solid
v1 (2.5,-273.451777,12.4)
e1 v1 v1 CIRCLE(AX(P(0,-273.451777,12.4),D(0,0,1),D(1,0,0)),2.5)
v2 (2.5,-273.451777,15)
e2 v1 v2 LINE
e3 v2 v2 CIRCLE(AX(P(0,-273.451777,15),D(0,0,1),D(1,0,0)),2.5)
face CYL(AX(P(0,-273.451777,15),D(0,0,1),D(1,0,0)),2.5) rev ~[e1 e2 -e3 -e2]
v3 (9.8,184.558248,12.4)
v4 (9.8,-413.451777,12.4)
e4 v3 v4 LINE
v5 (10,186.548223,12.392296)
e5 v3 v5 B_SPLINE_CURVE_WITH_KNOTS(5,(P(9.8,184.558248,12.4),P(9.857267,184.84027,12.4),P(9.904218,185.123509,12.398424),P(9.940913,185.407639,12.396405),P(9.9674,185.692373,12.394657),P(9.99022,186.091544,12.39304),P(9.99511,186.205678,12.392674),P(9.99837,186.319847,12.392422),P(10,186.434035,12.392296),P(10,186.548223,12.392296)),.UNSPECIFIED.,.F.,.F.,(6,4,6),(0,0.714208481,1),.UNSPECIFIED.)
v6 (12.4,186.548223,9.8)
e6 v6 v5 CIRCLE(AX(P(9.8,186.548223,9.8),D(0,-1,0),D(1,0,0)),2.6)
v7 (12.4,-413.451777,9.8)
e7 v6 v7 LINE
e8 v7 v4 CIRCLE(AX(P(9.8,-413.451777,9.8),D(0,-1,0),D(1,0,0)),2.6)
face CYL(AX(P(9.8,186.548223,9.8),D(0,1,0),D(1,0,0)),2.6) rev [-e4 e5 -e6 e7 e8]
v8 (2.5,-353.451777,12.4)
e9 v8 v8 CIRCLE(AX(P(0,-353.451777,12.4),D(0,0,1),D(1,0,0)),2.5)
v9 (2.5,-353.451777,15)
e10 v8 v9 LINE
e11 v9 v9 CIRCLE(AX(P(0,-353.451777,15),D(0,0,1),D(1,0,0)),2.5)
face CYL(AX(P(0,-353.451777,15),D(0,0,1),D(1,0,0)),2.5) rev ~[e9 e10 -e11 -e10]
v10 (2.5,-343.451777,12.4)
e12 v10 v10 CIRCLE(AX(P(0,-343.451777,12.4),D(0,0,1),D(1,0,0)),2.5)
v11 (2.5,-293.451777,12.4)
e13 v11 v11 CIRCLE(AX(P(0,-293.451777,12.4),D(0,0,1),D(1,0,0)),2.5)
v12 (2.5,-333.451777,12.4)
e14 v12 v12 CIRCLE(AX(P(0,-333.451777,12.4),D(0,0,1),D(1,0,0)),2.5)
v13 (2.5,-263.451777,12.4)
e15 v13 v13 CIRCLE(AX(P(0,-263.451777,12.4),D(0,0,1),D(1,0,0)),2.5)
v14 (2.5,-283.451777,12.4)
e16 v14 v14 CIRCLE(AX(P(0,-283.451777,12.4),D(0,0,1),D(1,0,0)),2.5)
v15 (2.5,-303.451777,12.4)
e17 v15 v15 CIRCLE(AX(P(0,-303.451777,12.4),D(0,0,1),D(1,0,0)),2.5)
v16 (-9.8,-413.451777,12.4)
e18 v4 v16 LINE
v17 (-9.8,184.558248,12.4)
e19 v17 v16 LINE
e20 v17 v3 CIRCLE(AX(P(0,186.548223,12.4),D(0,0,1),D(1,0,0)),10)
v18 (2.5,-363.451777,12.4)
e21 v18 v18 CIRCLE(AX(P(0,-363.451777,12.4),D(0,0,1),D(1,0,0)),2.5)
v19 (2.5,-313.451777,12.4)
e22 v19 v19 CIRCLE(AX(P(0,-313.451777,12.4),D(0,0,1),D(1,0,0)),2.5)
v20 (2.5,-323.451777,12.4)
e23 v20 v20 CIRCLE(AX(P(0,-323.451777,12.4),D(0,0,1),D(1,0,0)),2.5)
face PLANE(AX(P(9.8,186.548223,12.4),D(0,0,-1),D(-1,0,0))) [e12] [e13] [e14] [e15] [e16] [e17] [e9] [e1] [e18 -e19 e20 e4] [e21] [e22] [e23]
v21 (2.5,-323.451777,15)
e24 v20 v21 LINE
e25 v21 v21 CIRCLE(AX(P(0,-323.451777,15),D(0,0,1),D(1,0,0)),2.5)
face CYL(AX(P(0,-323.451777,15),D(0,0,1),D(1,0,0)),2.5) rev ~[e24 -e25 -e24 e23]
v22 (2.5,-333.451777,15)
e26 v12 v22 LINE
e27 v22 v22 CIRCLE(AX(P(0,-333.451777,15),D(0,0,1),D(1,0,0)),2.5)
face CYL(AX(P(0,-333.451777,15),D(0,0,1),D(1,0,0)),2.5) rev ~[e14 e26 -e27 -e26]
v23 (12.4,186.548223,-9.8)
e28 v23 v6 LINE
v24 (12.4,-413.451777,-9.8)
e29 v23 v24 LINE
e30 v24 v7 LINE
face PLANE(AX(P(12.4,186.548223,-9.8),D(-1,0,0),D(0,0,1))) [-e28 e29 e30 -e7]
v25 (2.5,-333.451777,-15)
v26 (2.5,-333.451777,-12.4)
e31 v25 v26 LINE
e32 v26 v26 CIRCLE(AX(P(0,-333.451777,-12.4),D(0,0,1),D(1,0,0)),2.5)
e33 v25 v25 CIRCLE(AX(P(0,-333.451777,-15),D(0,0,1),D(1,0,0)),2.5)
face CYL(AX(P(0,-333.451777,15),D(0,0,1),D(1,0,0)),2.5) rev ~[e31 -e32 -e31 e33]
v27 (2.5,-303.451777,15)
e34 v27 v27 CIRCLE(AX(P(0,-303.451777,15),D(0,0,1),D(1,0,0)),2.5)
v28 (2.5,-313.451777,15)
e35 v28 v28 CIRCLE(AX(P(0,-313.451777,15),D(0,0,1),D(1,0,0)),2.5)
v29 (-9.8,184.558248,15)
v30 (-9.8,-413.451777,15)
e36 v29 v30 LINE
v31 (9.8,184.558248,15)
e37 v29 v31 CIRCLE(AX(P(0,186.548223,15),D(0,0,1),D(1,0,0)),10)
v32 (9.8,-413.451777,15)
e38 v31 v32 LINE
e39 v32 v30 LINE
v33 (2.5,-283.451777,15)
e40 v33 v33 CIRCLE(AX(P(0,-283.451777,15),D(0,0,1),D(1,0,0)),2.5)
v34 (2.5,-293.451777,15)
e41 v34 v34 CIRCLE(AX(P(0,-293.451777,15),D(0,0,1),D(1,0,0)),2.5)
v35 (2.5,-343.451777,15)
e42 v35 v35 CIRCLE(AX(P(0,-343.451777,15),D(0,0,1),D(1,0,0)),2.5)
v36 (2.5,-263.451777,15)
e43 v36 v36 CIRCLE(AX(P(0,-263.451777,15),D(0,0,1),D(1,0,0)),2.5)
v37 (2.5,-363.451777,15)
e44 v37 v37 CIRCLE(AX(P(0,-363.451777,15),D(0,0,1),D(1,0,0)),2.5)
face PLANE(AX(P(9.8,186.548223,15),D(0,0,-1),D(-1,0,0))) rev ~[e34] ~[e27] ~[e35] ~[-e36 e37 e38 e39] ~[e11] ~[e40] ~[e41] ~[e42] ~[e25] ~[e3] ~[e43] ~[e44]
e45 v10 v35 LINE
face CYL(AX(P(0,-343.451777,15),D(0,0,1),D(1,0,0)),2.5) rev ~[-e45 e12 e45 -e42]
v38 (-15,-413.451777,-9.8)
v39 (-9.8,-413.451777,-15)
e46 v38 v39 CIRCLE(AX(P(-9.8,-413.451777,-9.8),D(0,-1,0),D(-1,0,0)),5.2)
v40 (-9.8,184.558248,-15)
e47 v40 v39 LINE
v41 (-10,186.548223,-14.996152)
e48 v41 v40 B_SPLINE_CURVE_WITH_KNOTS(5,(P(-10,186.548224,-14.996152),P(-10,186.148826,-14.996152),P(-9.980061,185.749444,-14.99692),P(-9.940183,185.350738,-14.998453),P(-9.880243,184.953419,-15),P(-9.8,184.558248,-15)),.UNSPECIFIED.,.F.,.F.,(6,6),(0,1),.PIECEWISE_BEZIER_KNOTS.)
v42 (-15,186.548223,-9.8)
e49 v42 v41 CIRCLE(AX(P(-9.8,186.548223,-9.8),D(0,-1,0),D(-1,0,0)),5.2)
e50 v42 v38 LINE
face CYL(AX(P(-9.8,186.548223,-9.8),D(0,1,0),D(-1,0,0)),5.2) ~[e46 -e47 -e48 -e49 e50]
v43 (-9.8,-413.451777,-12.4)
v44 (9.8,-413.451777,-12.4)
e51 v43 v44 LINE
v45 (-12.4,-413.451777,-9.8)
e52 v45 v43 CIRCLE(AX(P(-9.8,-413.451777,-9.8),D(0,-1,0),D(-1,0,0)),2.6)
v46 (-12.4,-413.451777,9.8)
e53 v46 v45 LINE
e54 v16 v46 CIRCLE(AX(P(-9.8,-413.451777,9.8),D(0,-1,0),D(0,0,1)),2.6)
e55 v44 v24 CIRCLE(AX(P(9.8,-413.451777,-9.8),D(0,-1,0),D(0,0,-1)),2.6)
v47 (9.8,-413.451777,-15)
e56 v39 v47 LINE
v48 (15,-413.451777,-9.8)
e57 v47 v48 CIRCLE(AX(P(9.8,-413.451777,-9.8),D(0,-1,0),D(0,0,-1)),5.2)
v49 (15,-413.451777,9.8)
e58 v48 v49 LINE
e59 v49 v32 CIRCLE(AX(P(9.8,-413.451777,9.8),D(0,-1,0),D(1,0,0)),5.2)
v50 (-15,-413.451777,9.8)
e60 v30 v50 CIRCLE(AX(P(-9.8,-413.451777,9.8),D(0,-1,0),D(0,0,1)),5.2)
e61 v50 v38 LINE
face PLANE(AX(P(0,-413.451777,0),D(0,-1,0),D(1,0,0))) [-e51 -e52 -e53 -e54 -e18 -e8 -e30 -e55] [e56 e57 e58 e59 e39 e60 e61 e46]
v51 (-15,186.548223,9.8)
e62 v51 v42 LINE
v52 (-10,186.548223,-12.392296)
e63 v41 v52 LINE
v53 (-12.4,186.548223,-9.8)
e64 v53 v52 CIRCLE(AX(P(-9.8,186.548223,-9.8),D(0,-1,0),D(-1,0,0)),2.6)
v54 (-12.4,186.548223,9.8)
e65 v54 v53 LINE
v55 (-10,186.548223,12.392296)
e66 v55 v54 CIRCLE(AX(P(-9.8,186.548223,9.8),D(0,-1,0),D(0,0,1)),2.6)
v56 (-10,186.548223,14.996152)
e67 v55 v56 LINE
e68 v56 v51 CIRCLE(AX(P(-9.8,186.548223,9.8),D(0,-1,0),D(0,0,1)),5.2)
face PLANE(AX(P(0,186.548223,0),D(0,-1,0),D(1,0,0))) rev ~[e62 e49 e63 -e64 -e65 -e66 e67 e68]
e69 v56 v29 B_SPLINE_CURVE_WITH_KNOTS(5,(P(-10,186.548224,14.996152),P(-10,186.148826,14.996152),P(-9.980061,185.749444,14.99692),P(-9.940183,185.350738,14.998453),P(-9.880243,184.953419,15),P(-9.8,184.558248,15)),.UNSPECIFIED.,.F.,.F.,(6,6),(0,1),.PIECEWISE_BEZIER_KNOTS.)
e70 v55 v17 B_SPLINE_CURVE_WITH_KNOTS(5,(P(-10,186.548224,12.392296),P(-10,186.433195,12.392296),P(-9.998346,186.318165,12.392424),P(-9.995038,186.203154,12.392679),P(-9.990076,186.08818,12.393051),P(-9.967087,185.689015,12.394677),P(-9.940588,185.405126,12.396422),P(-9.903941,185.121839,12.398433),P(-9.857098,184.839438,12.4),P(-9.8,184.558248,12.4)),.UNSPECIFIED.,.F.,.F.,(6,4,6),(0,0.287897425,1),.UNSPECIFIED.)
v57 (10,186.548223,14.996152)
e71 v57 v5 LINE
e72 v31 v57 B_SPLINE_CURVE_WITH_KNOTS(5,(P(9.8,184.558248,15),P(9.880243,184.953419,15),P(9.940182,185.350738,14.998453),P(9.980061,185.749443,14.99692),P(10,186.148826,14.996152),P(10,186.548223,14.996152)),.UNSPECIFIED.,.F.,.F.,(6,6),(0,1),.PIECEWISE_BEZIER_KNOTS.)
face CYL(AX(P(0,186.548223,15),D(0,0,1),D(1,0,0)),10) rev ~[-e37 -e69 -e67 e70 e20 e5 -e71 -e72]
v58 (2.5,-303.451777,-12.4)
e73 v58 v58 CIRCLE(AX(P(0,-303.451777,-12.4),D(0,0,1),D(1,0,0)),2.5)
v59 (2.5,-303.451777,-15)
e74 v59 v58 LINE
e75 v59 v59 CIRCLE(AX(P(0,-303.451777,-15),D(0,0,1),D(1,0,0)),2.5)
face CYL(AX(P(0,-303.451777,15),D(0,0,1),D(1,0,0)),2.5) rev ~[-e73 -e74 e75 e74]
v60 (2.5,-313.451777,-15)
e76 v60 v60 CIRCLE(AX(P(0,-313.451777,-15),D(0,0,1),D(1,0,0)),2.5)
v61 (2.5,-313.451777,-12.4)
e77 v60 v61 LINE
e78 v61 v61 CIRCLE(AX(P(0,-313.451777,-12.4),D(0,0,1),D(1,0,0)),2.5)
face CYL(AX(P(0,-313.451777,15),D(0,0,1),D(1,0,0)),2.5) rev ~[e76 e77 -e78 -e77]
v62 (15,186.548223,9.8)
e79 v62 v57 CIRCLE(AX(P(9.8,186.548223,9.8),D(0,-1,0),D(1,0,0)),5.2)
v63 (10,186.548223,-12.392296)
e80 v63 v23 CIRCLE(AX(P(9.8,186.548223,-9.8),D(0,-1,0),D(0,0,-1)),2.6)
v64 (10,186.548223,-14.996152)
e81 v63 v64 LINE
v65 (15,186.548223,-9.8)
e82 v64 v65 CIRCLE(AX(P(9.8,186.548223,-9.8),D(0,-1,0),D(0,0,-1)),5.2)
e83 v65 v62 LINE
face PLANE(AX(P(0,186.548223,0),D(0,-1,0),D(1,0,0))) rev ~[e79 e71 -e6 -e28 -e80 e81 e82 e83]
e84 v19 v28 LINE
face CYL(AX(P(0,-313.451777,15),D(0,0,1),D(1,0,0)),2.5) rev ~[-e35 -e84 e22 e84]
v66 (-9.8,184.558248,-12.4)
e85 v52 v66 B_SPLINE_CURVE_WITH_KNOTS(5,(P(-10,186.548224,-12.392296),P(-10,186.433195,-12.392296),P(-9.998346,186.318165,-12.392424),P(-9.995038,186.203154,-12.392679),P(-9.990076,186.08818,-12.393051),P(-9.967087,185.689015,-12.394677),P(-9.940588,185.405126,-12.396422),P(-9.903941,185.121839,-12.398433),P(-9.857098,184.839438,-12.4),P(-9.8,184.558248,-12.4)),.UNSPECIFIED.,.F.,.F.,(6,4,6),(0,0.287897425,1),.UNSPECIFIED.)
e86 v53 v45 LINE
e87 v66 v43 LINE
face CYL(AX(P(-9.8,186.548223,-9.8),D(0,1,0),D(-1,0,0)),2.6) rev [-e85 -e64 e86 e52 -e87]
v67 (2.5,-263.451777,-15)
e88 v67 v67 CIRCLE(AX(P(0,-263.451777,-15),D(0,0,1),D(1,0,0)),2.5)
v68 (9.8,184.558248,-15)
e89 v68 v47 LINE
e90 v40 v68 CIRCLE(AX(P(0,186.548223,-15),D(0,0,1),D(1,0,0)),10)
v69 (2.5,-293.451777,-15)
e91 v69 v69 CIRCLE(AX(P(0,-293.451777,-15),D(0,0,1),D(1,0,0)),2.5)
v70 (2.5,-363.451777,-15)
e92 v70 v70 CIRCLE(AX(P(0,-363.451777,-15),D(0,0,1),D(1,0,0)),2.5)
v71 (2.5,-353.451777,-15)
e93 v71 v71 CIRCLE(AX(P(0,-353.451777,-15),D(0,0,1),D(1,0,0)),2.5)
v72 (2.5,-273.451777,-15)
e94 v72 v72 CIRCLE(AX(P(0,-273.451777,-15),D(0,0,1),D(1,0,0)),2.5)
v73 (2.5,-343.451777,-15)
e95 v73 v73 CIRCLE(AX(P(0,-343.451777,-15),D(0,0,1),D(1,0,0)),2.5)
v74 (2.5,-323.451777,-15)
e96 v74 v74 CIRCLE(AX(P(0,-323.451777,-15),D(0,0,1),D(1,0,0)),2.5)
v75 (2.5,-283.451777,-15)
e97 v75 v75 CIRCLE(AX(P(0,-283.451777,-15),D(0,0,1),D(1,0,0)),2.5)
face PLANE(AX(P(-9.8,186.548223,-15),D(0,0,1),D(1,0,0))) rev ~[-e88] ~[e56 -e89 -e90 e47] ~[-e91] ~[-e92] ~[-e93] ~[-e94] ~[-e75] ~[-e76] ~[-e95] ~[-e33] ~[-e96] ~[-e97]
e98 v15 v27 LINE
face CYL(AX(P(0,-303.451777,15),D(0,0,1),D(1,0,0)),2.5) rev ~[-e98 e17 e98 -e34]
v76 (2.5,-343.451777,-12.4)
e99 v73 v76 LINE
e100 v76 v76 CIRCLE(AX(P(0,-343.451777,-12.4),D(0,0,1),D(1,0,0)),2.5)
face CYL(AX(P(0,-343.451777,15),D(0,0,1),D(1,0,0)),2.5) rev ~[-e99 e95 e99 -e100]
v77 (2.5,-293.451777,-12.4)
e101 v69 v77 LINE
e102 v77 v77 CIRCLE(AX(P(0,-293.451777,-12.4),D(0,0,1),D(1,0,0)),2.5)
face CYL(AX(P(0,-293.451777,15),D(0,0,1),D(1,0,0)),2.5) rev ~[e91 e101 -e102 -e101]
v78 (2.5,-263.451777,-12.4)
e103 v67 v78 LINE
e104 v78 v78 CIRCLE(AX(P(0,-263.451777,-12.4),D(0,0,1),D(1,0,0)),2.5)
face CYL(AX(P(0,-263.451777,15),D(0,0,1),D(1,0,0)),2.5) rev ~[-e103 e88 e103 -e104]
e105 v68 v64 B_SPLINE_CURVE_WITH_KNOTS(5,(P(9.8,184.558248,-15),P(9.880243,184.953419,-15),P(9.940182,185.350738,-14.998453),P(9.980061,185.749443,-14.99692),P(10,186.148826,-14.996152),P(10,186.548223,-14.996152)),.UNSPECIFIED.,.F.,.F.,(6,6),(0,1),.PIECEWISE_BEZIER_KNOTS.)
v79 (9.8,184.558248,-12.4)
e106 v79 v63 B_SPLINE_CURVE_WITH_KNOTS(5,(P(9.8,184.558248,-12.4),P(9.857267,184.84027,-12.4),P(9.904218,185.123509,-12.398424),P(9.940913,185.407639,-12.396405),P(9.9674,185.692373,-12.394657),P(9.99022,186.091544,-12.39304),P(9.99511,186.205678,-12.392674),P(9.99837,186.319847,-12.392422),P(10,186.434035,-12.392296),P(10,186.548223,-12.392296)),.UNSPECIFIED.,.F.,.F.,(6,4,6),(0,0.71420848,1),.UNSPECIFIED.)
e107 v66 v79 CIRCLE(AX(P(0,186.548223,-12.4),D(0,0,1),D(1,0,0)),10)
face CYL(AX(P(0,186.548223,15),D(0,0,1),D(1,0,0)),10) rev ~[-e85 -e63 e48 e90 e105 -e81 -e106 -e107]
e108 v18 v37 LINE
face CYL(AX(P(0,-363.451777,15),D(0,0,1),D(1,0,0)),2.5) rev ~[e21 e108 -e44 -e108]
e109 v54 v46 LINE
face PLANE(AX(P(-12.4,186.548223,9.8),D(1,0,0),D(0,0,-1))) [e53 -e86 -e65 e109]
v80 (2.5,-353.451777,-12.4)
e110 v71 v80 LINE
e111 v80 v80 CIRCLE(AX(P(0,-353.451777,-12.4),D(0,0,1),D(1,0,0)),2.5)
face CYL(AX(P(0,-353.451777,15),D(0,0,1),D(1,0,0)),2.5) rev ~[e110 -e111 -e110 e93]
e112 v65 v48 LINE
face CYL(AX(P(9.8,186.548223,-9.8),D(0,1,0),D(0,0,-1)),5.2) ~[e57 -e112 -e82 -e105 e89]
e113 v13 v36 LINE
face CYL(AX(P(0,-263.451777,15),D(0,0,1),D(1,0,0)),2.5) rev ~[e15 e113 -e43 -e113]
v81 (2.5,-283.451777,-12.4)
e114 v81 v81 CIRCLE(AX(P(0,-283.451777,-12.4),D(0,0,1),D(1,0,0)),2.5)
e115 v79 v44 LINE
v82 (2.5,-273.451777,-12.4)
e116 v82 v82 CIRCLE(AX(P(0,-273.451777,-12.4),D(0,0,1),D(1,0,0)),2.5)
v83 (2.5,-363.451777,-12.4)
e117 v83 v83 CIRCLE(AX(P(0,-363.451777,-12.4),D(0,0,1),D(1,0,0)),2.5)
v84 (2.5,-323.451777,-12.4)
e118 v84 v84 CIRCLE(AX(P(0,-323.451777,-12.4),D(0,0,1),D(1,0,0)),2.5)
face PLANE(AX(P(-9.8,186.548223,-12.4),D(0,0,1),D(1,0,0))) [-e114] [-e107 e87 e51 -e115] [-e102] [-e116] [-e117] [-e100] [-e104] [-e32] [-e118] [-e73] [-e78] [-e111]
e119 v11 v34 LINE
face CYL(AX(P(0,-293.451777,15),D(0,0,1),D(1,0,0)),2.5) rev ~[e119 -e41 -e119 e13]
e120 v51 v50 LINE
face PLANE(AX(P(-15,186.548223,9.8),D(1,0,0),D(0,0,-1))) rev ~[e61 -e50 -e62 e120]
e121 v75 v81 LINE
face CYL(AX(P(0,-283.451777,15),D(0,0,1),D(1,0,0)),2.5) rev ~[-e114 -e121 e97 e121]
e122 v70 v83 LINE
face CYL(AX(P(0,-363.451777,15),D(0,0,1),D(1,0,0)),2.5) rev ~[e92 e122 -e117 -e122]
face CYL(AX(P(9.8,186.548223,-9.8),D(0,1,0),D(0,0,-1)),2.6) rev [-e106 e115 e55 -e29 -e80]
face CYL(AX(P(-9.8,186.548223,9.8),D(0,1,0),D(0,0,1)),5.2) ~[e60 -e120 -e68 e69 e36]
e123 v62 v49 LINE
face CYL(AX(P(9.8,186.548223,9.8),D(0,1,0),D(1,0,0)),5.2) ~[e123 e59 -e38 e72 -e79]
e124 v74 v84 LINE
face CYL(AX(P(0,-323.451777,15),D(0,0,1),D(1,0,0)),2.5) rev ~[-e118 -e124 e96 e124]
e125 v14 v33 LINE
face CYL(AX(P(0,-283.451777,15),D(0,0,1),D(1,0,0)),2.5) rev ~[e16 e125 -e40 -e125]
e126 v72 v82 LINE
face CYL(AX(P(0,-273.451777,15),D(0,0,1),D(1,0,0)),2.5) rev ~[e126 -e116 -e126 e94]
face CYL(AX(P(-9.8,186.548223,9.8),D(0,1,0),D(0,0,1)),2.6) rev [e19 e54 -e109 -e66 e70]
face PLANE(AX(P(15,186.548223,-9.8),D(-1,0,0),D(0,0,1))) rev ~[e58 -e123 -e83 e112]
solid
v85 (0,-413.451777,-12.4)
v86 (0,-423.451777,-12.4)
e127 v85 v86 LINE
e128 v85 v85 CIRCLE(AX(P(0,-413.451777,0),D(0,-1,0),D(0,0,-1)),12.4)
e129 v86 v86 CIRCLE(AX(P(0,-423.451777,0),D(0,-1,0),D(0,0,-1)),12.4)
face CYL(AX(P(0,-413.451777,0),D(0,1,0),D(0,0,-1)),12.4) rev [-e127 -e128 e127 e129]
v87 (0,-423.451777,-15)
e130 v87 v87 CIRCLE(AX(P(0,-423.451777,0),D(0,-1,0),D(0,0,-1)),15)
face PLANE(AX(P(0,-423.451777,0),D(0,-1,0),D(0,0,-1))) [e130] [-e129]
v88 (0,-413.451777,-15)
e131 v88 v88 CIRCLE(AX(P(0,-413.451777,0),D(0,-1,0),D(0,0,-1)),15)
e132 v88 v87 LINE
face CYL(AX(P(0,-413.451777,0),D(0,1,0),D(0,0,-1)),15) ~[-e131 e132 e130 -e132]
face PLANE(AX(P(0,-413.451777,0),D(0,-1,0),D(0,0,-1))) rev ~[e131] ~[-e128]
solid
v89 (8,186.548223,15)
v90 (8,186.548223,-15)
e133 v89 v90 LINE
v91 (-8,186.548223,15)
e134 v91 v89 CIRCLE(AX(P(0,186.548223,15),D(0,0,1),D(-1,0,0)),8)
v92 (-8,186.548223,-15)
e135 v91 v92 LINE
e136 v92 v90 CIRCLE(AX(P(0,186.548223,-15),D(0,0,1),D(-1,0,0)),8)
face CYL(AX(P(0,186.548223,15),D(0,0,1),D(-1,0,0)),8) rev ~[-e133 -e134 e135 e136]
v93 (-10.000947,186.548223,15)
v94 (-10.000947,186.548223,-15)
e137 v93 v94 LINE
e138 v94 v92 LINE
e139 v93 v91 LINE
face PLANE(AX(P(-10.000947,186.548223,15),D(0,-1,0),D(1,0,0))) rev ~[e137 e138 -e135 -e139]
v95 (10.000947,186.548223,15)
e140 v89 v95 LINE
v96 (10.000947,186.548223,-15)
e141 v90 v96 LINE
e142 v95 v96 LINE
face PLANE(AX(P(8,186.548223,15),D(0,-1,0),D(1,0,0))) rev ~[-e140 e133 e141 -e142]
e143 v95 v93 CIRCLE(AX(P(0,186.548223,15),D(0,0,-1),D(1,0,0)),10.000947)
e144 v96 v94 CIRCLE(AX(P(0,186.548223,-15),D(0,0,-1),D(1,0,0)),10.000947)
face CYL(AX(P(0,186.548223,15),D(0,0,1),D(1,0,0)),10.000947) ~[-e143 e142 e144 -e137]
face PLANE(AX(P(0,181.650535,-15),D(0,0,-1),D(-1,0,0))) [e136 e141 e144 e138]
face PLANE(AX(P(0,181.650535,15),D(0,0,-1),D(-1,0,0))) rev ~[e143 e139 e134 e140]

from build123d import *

# Parameters (mm, degrees)
SQUARE_TUBE_30_X_30_X_2_6_1_DEPTH = 600
SKETCH12_R                        = 15
SKETCH12_R_2                      = 12.4
BOSS_EXTRUDE1_DEPTH               = 10
SKETCH13_R                        = 2.5
CUT_EXTRUDE1_DEPTH                = 425.778068111
LPATTERN1_COUNT                   = 11
LPATTERN1_PITCH                   = 10
SKETCH14_R                        = 10
CUT_EXTRUDE3_DEPTH                = 43
BOSS_EXTRUDE2_DEPTH               = 30


with BuildPart() as part:
    # Sketch11 → Square tube 30 X 30 X 2.6(1) (new body)
    with BuildSketch(Plane.XZ.offset(-186.54822335)):
        with BuildLine():
            Line((-9.8, -15), (9.8, -15))
            ThreePointArc((9.8, -15), (13.476955262, -13.476955262), (15, -9.8))
            Line((15, -9.8), (15, 9.8))
            ThreePointArc((15, 9.8), (13.476955262, 13.476955262), (9.8, 15))
            Line((9.8, 15), (-9.8, 15))
            ThreePointArc((-9.8, 15), (-13.476955262, 13.476955262), (-15, 9.8))
            Line((-15, 9.8), (-15, -9.8))
            ThreePointArc((-15, -9.8), (-13.476955262, -13.476955262), (-9.8, -15))
        make_face()
        with BuildLine():
            Line((-9.8, -12.4), (9.8, -12.4))
            ThreePointArc((9.8, -12.4), (11.638477631, -11.638477631), (12.4, -9.8))
            Line((12.4, -9.8), (12.4, 9.8))
            ThreePointArc((12.4, 9.8), (11.638477631, 11.638477631), (9.8, 12.4))
            Line((9.8, 12.4), (-9.8, 12.4))
            ThreePointArc((-9.8, 12.4), (-11.638477631, 11.638477631), (-12.4, 9.8))
            Line((-12.4, 9.8), (-12.4, -9.8))
            ThreePointArc((-12.4, -9.8), (-11.638477631, -11.638477631), (-9.8, -12.4))
        make_face(mode=Mode.SUBTRACT)
    extrude(amount=SQUARE_TUBE_30_X_30_X_2_6_1_DEPTH)

    # Sketch13 → Cut-Extrude1 (cut, symmetric)
    with BuildSketch(Plane.XY.offset(15)):
        with Locations((0, -363.45177665)):
            Circle(SKETCH13_R)
    cut_extrude1 = extrude(amount=CUT_EXTRUDE1_DEPTH, both=True, mode=Mode.SUBTRACT)

    # LPattern1: Cut-Extrude1 ×11
    with Locations(*[(0, i * LPATTERN1_PITCH, 0) for i in range(1, LPATTERN1_COUNT)]):
        add(cut_extrude1, mode=Mode.SUBTRACT)

    # Sketch14 → Cut-Extrude3 (cut)
    with BuildSketch(Plane.XY.offset(15)):
        with Locations((0, 186.54822335)):
            Circle(SKETCH14_R)
    extrude(amount=-CUT_EXTRUDE3_DEPTH, mode=Mode.SUBTRACT)


with BuildPart() as body_2:
    # Sketch12 → Boss-Extrude1 (new body)
    with BuildSketch(Plane.XZ.offset(413.45177665)):
        with Locations(Location((0, 0, 0), (0, 0, 270))):
            Circle(SKETCH12_R)
        with Locations(Location((0, 0, 0), (0, 0, 270))):
            Circle(SKETCH12_R_2, mode=Mode.SUBTRACT)
    extrude(amount=BOSS_EXTRUDE1_DEPTH)


with BuildPart() as body_3:
    # Sketch15 → Boss-Extrude2 (new body)
    with BuildSketch(Plane.XY.offset(15)):
        with BuildLine():
            Line((-10.000947321, 186.54822335), (-8, 186.54822335))
            ThreePointArc((-8, 186.54822335), (0, 178.54822335), (8, 186.54822335))
            Line((8, 186.54822335), (10.000947321, 186.54822335))
            ThreePointArc((10.000947321, 186.54822335), (0, 176.547276029), (-10.000947321, 186.54822335))
        make_face()
    extrude(amount=-BOSS_EXTRUDE2_DEPTH)


solid = Compound([part.part, body_2.part, body_3.part])
